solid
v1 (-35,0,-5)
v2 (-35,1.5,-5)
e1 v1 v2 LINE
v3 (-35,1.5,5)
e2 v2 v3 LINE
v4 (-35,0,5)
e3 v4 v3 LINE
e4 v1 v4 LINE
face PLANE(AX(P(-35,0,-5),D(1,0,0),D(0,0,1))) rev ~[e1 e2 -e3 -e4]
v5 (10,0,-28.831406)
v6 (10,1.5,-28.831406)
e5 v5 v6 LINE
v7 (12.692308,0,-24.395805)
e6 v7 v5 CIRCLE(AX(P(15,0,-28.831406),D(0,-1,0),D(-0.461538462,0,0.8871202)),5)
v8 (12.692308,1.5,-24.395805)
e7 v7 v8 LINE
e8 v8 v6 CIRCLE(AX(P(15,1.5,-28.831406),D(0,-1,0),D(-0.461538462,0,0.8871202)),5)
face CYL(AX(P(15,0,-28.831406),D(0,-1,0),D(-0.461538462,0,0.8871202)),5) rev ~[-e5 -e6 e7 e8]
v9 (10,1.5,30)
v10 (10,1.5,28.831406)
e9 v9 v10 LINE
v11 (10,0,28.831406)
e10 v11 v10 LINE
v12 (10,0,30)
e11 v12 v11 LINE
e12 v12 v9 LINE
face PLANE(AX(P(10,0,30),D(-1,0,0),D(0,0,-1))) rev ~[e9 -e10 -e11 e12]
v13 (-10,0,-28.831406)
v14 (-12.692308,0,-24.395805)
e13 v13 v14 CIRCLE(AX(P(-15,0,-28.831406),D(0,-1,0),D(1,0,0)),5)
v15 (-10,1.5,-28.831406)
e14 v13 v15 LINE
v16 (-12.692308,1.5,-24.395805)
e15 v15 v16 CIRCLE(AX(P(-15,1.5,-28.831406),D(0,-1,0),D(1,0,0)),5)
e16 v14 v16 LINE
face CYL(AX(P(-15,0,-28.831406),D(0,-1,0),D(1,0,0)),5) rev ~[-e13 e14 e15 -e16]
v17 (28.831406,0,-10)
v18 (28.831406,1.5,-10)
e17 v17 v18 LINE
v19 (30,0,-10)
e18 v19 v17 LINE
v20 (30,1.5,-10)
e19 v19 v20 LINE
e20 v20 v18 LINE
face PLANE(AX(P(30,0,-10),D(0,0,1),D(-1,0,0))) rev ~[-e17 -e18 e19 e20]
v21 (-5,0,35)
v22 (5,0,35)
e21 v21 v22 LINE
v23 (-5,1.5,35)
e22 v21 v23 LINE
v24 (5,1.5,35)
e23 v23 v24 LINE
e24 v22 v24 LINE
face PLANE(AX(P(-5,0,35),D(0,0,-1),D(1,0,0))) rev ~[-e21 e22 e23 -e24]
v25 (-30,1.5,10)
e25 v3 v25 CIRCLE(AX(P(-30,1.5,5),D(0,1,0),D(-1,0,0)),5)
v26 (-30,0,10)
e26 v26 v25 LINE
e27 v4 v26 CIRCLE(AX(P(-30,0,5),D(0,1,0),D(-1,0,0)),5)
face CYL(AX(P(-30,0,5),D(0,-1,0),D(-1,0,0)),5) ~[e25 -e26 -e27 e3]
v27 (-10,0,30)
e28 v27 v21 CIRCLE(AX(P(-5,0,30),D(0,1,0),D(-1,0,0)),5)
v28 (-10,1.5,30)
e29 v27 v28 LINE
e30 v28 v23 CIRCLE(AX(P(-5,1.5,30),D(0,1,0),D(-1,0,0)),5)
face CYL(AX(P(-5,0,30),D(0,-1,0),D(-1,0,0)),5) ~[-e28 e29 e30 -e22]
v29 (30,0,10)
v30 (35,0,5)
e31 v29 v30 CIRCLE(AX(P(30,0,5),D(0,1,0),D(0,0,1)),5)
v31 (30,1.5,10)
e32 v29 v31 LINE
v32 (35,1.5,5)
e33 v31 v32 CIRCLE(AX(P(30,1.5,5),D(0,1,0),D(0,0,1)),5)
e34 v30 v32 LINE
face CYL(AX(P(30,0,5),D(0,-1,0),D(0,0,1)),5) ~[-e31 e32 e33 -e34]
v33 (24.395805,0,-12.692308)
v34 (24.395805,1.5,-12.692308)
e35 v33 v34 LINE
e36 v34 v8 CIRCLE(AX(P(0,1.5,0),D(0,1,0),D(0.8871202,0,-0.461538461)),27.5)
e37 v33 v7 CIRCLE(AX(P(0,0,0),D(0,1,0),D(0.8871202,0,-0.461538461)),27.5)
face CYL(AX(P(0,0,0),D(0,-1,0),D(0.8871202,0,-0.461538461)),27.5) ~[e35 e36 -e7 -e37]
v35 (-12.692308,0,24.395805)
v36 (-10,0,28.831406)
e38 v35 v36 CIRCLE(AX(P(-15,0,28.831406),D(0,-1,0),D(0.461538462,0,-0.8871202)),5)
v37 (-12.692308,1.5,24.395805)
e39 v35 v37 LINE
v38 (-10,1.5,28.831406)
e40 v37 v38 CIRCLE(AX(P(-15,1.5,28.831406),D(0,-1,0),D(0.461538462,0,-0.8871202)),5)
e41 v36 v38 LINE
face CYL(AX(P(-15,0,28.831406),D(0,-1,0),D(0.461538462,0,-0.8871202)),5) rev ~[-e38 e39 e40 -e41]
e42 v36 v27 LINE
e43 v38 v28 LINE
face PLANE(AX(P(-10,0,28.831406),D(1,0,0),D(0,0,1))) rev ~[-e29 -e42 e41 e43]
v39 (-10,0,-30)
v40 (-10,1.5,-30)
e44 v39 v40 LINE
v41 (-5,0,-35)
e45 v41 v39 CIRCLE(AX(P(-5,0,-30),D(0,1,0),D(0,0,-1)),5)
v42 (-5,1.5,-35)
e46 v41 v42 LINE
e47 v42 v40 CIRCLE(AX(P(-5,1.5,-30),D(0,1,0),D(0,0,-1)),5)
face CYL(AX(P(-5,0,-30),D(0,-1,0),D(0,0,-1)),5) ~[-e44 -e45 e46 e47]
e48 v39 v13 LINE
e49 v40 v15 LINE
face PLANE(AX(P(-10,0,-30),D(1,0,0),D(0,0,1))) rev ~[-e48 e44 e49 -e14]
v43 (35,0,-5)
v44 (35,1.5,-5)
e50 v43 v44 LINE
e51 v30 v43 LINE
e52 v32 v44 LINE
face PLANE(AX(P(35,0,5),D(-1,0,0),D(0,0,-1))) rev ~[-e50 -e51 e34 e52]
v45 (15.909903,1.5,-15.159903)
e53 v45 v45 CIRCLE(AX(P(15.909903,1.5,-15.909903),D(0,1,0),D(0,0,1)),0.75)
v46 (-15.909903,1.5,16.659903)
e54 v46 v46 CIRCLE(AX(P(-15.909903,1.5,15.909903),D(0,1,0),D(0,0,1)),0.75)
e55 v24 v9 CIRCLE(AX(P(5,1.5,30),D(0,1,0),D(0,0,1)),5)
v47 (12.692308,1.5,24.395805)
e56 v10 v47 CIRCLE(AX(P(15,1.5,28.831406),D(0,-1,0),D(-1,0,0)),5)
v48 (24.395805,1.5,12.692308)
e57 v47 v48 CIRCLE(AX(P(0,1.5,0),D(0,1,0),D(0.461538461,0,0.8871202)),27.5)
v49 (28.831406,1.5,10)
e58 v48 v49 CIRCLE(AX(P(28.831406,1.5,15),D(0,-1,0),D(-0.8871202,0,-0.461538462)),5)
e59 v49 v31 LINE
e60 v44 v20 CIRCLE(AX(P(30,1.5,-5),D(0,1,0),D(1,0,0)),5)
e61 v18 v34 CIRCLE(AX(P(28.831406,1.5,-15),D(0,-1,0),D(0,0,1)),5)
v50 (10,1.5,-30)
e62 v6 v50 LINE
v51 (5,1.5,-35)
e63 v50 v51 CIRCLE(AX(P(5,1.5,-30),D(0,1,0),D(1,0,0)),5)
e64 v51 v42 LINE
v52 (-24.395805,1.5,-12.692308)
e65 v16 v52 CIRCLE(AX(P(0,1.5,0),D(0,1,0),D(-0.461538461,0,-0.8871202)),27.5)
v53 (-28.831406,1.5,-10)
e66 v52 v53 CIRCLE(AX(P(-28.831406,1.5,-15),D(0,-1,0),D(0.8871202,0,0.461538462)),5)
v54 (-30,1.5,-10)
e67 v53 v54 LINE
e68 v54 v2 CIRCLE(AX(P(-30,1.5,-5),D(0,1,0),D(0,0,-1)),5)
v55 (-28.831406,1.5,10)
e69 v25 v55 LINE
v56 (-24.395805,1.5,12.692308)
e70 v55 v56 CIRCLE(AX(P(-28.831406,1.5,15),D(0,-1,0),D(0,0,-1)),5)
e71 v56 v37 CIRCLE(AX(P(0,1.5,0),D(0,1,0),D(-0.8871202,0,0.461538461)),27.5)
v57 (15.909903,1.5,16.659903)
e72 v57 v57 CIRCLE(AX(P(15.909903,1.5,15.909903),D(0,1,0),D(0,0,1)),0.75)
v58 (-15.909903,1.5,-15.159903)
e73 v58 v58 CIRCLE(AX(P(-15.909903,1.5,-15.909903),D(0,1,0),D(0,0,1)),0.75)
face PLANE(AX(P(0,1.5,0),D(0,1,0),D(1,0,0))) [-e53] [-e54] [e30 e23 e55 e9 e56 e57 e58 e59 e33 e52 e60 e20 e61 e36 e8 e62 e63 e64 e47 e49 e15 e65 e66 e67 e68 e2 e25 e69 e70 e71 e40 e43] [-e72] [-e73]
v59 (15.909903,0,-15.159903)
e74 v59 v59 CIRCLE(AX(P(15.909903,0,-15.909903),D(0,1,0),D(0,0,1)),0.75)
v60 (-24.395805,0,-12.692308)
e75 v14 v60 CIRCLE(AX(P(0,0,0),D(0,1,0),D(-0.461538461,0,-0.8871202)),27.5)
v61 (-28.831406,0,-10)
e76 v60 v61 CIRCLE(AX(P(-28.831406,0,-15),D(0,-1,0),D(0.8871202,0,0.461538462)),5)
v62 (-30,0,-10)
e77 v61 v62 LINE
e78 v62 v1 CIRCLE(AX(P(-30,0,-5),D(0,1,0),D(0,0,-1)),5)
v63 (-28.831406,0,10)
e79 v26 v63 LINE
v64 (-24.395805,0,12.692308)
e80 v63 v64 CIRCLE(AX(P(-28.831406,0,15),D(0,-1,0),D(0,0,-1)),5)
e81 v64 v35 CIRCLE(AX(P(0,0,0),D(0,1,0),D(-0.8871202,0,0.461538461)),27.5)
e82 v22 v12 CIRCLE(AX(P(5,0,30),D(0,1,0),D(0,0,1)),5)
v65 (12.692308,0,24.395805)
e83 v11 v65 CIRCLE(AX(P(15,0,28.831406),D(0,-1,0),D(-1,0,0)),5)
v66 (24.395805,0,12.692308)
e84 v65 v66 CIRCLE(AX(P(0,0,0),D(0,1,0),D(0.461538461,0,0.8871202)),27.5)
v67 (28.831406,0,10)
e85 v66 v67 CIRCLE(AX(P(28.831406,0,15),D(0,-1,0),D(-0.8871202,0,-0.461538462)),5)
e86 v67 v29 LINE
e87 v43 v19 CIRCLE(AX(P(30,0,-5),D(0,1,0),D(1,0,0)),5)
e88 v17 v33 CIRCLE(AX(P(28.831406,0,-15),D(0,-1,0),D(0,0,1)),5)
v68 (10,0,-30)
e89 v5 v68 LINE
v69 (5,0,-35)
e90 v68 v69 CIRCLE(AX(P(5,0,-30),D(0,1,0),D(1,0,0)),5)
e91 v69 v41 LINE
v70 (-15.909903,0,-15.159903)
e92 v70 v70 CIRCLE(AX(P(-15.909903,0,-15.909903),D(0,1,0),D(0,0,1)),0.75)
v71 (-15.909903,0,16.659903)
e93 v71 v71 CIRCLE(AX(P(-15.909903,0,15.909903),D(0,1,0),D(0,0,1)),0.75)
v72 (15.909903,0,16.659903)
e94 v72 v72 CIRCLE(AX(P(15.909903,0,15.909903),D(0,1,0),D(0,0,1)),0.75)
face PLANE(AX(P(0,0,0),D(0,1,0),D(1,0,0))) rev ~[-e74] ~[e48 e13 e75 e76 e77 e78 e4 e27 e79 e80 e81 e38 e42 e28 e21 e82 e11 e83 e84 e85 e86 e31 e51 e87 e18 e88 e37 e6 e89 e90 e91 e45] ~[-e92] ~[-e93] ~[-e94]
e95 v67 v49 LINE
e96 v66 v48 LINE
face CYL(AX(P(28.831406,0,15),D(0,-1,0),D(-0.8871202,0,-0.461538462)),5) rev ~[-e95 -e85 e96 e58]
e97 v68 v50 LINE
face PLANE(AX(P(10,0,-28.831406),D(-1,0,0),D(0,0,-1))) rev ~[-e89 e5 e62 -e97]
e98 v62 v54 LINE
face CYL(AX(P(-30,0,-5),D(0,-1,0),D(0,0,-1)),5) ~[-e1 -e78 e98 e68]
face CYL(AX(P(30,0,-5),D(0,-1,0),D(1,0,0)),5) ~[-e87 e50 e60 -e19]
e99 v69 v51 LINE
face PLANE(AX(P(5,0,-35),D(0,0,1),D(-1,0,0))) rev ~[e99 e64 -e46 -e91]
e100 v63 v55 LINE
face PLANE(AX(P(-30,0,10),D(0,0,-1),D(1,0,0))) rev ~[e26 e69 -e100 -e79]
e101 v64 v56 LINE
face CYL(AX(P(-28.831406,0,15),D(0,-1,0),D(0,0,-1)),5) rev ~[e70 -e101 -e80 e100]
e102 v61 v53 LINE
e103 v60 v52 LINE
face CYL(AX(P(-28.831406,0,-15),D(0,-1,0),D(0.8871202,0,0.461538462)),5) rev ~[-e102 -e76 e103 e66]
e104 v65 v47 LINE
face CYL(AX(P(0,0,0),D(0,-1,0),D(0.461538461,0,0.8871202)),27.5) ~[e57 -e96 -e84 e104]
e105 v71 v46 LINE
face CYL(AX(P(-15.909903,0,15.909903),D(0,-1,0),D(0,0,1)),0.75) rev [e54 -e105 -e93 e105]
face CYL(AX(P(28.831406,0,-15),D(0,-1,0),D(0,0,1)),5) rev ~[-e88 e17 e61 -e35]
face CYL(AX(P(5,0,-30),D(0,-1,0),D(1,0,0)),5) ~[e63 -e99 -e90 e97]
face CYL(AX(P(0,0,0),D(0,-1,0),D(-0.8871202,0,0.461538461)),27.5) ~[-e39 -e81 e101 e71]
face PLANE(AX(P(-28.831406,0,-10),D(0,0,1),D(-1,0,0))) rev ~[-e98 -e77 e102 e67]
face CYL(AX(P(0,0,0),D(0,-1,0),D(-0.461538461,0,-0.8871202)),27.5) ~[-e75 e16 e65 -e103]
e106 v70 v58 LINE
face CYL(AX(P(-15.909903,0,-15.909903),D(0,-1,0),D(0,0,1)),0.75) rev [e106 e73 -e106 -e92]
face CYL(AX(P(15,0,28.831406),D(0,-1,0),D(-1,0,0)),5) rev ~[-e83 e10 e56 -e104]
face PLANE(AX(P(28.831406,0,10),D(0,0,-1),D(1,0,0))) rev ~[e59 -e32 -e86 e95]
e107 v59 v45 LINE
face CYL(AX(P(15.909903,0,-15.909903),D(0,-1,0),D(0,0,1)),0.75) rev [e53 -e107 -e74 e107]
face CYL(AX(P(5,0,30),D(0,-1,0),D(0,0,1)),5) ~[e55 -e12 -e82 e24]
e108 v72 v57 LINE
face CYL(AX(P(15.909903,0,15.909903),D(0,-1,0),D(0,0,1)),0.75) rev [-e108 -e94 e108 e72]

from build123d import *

# Parameters (mm, degrees)
SKETCH_1_R      = 0.75
EXTRUDE_2_DEPTH = 1.5


with BuildPart() as part:
    # 草图1 → 凸台-拉伸2 (new body)
    with BuildSketch(Plane(origin=(0, 0, 0), x_dir=(1, 0, 0), z_dir=(0, 1, 0))):
        with BuildLine():
            Line((28.831406487, -10), (30, -10))
            ThreePointArc((30, -10), (33.535533906, -8.535533906), (35, -5))
            Line((35, -5), (35, 0))
            Line((35, 0), (35, 5))
            ThreePointArc((35, 5), (33.535533906, 8.535533906), (30, 10))
            Line((30, 10), (28.831406487, 10))
            ThreePointArc((28.831406487, 10), (26.237033878, 10.725747929), (24.395805489, 12.692307692))
            ThreePointArc((24.395805489, 12.692307692), (19.445436483, 19.445436483), (12.692307692, 24.395805489))
            ThreePointArc((12.692307692, 24.395805489), (10.725747929, 26.237033878), (10, 28.831406487))
            Line((10, 28.831406487), (10, 30))
            ThreePointArc((10, 30), (8.535533906, 33.535533906), (5, 35))
            Line((5, 35), (0, 35))
            Line((0, 35), (-5, 35))
            ThreePointArc((-5, 35), (-8.535533906, 33.535533906), (-10, 30))
            Line((-10, 30), (-10, 28.831406487))
            ThreePointArc((-10, 28.831406487), (-10.725747929, 26.237033878), (-12.692307692, 24.395805489))
            ThreePointArc((-12.692307692, 24.395805489), (-19.445436483, 19.445436483), (-24.395805489, 12.692307692))
            ThreePointArc((-24.395805489, 12.692307692), (-26.237033878, 10.725747929), (-28.831406487, 10))
            Line((-28.831406487, 10), (-30, 10))
            ThreePointArc((-30, 10), (-33.535533906, 8.535533906), (-35, 5))
            Line((-35, 5), (-35, 0))
            Line((-35, 0), (-35, -5))
            ThreePointArc((-35, -5), (-33.535533906, -8.535533906), (-30, -10))
            Line((-30, -10), (-28.831406487, -10))
            ThreePointArc((-28.831406487, -10), (-26.237033878, -10.725747929), (-24.395805489, -12.692307692))
            ThreePointArc((-24.395805489, -12.692307692), (-19.445436483, -19.445436483), (-12.692307692, -24.395805489))
            ThreePointArc((-12.692307692, -24.395805489), (-10.725747929, -26.237033878), (-10, -28.831406487))
            Line((-10, -28.831406487), (-10, -30))
            ThreePointArc((-10, -30), (-8.535533906, -33.535533906), (-5, -35))
            Line((-5, -35), (0, -35))
            Line((0, -35), (5, -35))
            ThreePointArc((5, -35), (8.535533906, -33.535533906), (10, -30))
            Line((10, -30), (10, -28.831406487))
            ThreePointArc((10, -28.831406487), (10.725747929, -26.237033878), (12.692307692, -24.395805489))
            ThreePointArc((12.692307692, -24.395805489), (19.445436483, -19.445436483), (24.395805489, -12.692307692))
            ThreePointArc((24.395805489, -12.692307692), (26.237033878, -10.725747929), (28.831406487, -10))
        make_face()
        with Locations(Location((15.909902577, -15.909902577, 0), (0, 0, 270))):
            Circle(SKETCH_1_R, mode=Mode.SUBTRACT)
        with Locations(Location((-15.909902577, -15.909902577, 0), (0, 0, 270))):
            Circle(SKETCH_1_R, mode=Mode.SUBTRACT)
        with Locations(Location((-15.909902577, 15.909902577, 0), (0, 0, 270))):
            Circle(SKETCH_1_R, mode=Mode.SUBTRACT)
        with Locations(Location((15.909902577, 15.909902577, 0), (0, 0, 270))):
            Circle(SKETCH_1_R, mode=Mode.SUBTRACT)
    extrude(amount=EXTRUDE_2_DEPTH)


solid = part.part
